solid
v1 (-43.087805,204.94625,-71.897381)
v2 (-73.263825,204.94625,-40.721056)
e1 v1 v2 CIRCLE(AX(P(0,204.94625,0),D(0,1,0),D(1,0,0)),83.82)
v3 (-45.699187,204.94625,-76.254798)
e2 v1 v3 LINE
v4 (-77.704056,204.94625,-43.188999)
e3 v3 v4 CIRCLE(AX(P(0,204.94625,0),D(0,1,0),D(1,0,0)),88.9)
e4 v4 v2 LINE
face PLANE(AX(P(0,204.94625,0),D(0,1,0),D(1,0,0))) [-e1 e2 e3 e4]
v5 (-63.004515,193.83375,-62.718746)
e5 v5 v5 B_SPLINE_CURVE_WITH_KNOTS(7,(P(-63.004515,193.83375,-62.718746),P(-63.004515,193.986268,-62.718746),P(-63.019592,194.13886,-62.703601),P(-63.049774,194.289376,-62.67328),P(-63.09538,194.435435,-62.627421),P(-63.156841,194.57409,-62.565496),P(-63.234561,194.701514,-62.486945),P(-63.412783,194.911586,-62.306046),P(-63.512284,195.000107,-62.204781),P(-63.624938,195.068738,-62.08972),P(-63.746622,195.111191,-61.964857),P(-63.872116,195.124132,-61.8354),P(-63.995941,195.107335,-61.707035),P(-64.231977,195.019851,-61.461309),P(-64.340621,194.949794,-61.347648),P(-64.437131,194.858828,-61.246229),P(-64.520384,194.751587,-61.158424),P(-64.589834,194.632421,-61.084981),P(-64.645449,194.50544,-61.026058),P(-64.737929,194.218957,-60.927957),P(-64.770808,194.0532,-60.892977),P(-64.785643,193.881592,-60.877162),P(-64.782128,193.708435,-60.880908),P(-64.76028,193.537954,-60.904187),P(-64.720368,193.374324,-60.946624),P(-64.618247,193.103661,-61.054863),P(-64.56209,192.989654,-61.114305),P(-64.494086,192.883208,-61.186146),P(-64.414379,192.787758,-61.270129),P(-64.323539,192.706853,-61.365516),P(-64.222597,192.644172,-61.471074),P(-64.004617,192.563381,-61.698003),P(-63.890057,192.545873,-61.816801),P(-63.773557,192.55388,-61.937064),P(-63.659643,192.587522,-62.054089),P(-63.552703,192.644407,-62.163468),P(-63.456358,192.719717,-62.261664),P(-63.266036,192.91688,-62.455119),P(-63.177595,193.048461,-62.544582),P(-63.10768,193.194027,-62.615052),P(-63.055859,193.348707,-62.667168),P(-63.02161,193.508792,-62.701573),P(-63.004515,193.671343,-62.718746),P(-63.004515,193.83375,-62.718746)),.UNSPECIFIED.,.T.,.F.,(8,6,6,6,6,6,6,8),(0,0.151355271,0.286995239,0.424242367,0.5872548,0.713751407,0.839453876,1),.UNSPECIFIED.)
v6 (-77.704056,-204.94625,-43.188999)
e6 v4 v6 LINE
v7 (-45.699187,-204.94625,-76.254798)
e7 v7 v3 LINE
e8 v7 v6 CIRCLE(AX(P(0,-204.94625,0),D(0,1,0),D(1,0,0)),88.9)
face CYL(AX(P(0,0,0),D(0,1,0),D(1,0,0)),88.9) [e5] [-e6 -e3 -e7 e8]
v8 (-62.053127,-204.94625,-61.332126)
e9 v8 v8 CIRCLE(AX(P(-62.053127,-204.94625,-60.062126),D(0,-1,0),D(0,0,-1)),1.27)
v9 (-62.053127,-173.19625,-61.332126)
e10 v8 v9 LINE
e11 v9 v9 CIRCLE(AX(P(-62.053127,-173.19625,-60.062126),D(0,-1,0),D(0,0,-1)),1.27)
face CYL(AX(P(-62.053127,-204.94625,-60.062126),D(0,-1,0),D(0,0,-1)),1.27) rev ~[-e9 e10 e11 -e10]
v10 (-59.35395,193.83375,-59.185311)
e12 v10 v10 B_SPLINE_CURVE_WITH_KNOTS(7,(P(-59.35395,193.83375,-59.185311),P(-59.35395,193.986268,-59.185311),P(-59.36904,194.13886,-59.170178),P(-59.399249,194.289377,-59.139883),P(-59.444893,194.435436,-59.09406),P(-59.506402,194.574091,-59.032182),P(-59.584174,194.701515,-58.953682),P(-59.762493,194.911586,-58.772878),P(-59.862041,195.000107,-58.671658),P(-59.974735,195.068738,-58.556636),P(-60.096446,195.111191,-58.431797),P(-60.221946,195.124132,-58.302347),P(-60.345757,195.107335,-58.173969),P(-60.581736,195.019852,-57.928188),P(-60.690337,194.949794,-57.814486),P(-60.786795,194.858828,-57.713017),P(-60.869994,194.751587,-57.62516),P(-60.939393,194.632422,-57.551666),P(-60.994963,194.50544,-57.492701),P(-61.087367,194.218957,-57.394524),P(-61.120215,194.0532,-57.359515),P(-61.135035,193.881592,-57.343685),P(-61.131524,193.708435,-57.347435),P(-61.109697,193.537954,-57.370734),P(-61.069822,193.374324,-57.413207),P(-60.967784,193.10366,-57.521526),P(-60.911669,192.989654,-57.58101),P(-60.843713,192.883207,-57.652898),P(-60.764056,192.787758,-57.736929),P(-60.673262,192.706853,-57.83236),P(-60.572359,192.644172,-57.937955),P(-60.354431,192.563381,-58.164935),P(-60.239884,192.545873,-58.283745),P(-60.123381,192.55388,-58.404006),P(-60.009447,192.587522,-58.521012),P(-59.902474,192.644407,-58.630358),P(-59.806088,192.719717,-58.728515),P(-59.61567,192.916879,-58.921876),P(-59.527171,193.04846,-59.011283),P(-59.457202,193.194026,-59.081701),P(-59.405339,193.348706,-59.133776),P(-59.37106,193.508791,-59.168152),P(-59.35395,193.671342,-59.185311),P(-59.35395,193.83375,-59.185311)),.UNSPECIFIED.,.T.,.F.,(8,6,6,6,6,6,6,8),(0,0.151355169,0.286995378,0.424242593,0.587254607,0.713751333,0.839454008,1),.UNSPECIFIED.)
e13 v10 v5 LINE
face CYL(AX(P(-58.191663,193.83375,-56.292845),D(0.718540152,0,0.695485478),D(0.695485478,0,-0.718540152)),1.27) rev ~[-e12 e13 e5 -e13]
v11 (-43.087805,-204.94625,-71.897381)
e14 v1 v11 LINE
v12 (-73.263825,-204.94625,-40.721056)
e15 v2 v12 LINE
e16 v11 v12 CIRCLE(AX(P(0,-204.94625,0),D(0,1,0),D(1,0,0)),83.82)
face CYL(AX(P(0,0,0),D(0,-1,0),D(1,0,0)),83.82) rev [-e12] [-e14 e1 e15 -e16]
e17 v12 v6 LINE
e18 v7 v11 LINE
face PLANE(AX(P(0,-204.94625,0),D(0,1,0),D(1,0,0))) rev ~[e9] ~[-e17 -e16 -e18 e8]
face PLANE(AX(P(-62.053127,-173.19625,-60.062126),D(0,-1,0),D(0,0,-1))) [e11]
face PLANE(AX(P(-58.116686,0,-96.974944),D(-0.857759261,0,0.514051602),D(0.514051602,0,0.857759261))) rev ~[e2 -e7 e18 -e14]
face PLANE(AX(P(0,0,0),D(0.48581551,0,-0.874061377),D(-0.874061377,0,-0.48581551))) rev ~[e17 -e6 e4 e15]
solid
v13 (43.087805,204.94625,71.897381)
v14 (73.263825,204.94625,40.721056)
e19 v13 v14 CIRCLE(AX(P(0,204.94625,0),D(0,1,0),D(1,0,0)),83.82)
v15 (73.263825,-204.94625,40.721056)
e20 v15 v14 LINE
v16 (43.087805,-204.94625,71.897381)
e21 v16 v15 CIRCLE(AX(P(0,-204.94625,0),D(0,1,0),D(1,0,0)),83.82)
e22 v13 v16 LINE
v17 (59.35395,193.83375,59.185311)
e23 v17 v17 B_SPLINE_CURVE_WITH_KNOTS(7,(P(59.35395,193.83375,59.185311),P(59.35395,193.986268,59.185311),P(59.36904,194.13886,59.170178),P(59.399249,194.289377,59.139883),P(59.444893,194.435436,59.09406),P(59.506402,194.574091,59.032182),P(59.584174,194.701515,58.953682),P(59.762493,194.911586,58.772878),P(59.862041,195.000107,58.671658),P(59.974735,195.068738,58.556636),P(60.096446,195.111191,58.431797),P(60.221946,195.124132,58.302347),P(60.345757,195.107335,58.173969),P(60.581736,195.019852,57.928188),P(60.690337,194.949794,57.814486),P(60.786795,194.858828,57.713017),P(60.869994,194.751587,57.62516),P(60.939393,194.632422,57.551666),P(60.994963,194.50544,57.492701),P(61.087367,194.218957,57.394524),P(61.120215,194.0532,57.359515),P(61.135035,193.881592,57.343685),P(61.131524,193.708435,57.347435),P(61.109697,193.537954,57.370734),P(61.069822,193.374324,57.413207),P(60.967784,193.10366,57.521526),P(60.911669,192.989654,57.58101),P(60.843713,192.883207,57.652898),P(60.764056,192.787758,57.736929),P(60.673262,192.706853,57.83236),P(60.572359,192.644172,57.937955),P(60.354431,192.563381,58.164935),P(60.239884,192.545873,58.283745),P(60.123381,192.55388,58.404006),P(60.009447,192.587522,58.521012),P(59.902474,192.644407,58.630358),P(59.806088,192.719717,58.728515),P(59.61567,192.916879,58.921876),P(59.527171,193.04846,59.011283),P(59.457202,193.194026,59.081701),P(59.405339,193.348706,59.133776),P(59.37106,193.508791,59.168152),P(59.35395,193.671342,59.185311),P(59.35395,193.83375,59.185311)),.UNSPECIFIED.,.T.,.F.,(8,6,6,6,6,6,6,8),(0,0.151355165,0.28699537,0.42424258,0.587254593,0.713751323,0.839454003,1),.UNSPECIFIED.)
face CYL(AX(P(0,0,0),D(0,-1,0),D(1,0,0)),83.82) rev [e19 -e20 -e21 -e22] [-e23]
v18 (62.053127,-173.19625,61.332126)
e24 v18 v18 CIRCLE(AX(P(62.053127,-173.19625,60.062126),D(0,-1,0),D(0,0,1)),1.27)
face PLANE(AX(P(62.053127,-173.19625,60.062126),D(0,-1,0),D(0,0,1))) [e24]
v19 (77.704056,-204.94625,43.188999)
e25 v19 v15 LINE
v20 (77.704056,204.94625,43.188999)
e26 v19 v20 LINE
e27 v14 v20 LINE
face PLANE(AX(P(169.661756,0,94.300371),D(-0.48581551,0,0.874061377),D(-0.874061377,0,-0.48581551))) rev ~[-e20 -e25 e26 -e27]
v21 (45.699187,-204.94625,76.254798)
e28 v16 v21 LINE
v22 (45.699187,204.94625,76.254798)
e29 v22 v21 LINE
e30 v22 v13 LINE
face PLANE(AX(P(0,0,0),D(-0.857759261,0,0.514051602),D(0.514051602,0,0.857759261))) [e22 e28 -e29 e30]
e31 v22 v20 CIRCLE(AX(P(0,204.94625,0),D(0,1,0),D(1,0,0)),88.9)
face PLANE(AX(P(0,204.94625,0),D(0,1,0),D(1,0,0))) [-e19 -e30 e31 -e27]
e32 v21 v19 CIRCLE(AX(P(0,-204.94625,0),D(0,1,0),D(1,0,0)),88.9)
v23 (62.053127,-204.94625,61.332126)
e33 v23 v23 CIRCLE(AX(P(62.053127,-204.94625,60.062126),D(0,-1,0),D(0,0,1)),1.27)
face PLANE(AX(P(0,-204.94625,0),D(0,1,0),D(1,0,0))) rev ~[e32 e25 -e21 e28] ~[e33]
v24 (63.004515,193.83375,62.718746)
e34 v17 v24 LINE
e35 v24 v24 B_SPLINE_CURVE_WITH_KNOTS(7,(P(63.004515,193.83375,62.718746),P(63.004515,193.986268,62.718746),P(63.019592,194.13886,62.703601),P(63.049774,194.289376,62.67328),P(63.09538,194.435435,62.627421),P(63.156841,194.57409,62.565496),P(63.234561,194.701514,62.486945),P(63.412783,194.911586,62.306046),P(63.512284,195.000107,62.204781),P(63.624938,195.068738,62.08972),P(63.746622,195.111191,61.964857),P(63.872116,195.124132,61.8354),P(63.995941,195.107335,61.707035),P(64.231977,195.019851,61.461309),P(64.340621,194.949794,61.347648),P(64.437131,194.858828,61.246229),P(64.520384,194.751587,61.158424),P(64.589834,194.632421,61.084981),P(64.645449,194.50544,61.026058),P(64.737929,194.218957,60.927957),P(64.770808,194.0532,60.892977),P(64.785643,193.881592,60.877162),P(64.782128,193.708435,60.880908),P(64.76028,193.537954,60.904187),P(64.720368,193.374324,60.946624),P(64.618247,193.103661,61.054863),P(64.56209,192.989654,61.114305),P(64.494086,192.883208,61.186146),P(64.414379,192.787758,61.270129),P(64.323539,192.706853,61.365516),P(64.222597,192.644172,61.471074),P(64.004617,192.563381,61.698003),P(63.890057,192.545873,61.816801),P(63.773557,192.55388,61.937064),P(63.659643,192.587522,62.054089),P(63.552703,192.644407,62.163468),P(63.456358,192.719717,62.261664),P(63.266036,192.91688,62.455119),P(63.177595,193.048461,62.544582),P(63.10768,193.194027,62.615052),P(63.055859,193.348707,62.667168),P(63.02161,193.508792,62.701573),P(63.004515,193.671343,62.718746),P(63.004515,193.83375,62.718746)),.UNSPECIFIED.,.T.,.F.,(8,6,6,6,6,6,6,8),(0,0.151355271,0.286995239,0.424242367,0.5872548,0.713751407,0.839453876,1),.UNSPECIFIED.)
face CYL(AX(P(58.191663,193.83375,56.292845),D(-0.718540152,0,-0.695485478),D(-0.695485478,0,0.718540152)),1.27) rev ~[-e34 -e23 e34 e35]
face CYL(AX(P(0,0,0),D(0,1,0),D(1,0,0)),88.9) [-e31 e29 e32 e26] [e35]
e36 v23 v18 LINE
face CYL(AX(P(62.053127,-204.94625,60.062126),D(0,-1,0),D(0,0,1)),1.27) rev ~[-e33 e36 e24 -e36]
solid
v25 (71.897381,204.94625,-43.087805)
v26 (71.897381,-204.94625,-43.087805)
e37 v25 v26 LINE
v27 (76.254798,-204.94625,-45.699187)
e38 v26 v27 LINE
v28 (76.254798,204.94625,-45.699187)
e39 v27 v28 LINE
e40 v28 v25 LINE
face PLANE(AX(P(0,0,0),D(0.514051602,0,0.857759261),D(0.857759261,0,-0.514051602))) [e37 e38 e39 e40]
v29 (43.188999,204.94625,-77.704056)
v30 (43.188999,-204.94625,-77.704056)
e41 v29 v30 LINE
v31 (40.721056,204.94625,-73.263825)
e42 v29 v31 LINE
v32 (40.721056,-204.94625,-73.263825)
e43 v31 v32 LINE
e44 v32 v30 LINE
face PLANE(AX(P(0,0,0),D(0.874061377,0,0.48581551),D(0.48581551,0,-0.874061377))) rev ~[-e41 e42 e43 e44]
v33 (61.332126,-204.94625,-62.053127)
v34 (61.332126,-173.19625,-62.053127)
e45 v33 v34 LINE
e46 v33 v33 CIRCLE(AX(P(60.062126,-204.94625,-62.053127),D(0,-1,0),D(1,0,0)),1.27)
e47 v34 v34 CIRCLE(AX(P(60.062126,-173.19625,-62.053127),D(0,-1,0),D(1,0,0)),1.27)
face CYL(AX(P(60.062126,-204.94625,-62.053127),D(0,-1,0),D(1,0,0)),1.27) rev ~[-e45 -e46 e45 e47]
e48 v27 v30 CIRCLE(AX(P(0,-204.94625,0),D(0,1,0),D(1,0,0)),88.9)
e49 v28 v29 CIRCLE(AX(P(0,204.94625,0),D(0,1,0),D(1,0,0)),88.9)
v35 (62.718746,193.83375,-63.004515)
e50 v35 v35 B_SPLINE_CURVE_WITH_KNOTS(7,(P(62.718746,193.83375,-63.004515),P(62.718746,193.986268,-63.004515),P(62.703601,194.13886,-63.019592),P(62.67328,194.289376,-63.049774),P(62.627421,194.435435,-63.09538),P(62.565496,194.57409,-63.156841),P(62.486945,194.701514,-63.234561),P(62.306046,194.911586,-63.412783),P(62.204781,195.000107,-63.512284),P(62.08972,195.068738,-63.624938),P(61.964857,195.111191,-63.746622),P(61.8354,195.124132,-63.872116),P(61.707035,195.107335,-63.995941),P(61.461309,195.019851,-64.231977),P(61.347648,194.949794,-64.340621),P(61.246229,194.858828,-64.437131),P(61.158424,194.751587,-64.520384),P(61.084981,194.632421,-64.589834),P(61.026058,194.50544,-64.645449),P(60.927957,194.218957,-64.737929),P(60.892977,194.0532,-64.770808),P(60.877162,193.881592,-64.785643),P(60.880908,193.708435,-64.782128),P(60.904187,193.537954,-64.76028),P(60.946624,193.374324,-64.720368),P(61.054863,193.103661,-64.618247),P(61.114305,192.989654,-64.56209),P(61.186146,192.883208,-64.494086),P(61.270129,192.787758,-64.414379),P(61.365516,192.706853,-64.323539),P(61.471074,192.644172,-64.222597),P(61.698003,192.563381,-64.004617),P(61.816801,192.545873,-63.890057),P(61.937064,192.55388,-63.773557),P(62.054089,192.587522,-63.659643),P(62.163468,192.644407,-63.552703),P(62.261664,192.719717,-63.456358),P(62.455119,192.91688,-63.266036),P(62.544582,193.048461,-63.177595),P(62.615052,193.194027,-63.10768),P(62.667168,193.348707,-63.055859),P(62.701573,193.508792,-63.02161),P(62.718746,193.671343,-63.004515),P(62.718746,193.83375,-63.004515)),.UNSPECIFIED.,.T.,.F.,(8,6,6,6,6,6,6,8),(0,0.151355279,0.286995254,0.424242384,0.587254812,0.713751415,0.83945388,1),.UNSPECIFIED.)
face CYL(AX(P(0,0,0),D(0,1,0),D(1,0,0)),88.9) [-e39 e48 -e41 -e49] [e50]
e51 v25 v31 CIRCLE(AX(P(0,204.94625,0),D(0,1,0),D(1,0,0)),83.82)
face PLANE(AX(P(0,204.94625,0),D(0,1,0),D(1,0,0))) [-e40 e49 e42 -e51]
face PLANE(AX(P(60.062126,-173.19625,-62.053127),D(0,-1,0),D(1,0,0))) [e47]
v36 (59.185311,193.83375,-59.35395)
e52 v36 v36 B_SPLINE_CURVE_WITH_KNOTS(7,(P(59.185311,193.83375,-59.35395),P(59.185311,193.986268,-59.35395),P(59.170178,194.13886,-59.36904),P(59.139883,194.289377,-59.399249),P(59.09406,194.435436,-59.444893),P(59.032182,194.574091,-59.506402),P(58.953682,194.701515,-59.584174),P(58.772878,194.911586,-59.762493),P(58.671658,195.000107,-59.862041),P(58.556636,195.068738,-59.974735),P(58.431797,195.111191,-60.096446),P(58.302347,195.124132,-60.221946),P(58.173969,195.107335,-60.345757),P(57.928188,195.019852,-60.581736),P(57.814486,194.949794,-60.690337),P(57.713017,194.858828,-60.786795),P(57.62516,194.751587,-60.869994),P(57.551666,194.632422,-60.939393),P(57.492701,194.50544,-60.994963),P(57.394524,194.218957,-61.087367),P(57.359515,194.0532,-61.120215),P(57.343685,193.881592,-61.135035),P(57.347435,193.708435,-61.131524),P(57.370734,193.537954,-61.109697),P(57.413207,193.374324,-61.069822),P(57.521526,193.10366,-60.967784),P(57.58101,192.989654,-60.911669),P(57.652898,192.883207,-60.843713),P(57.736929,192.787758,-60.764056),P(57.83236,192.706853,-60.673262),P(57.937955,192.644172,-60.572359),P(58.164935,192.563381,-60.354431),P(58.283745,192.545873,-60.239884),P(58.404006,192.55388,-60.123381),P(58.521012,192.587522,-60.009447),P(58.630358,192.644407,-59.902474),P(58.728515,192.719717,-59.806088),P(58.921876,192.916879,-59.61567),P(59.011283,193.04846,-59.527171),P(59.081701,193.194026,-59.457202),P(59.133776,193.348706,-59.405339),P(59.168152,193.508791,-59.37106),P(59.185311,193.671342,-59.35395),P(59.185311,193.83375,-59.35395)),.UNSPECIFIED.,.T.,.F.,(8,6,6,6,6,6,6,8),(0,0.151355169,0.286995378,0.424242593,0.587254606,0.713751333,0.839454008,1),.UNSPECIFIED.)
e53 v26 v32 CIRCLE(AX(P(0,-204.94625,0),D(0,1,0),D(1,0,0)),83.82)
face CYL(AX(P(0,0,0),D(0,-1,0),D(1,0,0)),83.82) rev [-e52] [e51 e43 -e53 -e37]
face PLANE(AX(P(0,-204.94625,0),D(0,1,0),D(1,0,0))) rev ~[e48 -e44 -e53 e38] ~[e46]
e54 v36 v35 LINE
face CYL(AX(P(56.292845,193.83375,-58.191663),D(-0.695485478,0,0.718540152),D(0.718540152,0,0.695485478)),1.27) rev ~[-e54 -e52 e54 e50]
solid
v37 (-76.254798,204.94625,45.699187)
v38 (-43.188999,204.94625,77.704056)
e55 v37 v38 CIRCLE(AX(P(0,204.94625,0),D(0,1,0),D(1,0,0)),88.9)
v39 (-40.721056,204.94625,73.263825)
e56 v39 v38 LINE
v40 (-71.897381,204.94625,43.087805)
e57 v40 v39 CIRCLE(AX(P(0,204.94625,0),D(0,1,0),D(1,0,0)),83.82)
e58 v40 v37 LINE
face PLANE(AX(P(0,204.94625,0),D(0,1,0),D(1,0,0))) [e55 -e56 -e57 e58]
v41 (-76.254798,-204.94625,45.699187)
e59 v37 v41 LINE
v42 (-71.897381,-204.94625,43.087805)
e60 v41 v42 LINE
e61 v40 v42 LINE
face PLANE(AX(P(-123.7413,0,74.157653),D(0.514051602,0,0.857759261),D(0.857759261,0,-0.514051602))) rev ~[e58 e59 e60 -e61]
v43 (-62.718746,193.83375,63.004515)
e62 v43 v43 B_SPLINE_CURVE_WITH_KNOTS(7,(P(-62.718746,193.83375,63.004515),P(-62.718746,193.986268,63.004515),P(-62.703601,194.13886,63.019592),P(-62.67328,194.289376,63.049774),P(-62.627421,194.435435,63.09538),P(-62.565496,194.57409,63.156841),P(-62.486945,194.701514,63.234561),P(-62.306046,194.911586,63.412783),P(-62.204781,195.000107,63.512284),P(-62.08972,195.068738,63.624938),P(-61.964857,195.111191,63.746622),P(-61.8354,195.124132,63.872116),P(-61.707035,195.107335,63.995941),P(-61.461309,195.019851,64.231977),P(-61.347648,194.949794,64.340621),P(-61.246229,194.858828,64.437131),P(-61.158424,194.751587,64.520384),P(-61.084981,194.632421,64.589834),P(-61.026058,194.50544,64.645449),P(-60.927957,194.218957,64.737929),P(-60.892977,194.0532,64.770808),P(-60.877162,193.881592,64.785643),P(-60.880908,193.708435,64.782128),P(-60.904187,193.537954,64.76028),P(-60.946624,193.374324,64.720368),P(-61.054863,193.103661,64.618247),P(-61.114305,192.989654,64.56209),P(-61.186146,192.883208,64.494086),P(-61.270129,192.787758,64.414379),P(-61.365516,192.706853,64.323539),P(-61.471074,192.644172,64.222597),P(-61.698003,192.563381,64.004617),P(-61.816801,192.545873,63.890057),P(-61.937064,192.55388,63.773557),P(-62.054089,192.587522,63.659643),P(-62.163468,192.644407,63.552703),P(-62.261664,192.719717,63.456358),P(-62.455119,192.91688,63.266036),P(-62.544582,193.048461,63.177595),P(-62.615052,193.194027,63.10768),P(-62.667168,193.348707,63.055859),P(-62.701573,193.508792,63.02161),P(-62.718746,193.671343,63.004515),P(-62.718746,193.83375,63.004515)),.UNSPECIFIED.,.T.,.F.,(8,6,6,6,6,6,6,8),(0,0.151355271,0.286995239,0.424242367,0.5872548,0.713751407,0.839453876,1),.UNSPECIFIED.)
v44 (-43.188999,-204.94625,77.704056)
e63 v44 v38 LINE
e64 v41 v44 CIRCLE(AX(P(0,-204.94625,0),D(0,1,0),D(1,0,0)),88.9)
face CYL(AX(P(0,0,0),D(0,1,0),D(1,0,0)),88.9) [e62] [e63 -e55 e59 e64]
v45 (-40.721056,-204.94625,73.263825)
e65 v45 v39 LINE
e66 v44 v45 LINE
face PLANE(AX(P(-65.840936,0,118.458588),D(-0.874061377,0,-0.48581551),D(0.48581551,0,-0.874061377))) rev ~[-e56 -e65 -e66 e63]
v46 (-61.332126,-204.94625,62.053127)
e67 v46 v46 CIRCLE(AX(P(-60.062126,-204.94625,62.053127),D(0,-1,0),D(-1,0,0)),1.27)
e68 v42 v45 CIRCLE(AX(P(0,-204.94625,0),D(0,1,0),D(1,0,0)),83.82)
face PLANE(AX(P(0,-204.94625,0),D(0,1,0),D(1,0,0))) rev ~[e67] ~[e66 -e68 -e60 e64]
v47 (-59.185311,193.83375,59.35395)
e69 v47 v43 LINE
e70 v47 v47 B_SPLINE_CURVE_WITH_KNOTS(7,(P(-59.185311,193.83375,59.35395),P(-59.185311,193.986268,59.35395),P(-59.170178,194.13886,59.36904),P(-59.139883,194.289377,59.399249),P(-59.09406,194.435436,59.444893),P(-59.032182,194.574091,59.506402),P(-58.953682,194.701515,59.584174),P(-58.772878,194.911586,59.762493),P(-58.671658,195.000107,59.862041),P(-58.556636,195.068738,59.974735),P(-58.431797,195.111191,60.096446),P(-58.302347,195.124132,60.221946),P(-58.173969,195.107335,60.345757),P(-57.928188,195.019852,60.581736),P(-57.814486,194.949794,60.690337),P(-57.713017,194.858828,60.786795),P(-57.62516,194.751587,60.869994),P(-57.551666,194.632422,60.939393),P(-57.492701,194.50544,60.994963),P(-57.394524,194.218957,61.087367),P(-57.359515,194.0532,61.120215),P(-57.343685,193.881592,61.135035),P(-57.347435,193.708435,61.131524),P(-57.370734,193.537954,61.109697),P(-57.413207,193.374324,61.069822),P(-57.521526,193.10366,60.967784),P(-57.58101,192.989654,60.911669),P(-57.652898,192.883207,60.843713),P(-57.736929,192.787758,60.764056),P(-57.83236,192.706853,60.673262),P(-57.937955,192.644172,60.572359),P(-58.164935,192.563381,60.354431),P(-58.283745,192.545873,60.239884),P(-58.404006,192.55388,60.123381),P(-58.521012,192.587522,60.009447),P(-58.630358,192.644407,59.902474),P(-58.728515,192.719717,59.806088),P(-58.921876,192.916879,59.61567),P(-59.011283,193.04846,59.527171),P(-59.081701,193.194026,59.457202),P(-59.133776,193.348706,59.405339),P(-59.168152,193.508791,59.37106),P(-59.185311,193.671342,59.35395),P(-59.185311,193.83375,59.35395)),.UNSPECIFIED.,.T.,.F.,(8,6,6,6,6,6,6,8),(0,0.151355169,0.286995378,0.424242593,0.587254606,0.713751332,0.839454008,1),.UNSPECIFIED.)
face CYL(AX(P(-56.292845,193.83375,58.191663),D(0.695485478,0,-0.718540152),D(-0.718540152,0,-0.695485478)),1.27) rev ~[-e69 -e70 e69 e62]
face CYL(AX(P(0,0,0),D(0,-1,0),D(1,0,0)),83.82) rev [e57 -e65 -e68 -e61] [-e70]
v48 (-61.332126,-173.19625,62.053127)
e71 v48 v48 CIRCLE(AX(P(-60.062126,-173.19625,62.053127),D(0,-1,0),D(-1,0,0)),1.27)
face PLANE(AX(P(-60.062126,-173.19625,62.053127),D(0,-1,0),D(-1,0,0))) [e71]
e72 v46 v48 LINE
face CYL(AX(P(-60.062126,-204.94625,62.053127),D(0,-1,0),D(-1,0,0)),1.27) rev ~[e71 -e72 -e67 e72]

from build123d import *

# Parameters (mm, degrees)
SKETCH2_R               = 88.9
SKETCH2_R_2             = 83.82
BOSS_EXTRUDE1_DEPTH     = 204.94625
CUT_EXTRUDE1_DEPTH      = 205.94625
CUT_EXTRUDE1_DEPTH_BACK = 205.94625
SKETCH5_R               = 1.27
TOP_BOLT_HOLES_DEPTH    = 29.911624556
SKETCH6_R               = 1.27
BOTTOM_BOLT_HOLES_DEPTH = 31.75
BOLT_PATTERN_COUNT      = 4


with BuildPart() as part:
    # Sketch2 → Boss-Extrude1 (new body, symmetric)
    with BuildSketch(Plane(origin=(0, 0, 0), x_dir=(1, 0, 0), z_dir=(0, 1, 0))):
        Circle(SKETCH2_R)
        Circle(SKETCH2_R_2, mode=Mode.SUBTRACT)
    extrude(amount=BOSS_EXTRUDE1_DEPTH, both=True)

    # Sketch3 → Cut-Extrude1 (cut, two sides)
    with BuildSketch(Plane(origin=(0, 0, 0), x_dir=(1, 0, 0), z_dir=(0, 1, 0))) as cut_extrude1_sk:
        Polygon((169.661755759, -94.300371224), (0, 0), (169.661755759, 101.677593364), align=None)
        Polygon((0, 0), (53.900027233, 96.974944394), (-58.116685864, 96.974944394), align=None)
        Polygon((-123.741299607, 68.777140945), (-123.741299607, -74.157652604), (0, 0), align=None)
        Polygon((-65.840936026, -118.45858783), (0, 0), (70.991745134, -118.45858783), align=None)
    extrude(amount=CUT_EXTRUDE1_DEPTH, mode=Mode.SUBTRACT)
    extrude(cut_extrude1_sk.sketch, amount=-CUT_EXTRUDE1_DEPTH_BACK, mode=Mode.SUBTRACT)

    # Sketch5 → Top bolt holes (cut, through all)
    with BuildSketch(Plane(origin=(-56.309218645, 0, 58.175814955), x_dir=(-0.718540152, 0, -0.695485478), z_dir=(0.695485478, 0, -0.718540152))):
        with Locations((-0.02278764, 193.83375)):
            Circle(SKETCH5_R)
    top_bolt_holes = extrude(amount=-TOP_BOLT_HOLES_DEPTH, mode=Mode.SUBTRACT)

    # Sketch6 → Bottom bolt holes (cut)
    with BuildSketch(Plane(origin=(0, -204.94625, 0), x_dir=(-1, 0, 0), z_dir=(0, -1, 0))):
        with Locations((60.062125915, -62.053127484)):
            Circle(SKETCH6_R)
    bottom_bolt_holes = extrude(amount=-BOTTOM_BOLT_HOLES_DEPTH, mode=Mode.SUBTRACT)

    # Bolt pattern: Top bolt holes, Bottom bolt holes ×4 about axis
    bolt_pattern_axis = Axis((0, 0, 0), (0, 1, 0))
    for i in range(1, BOLT_PATTERN_COUNT):
        add(top_bolt_holes.rotate(bolt_pattern_axis, i * 360 / BOLT_PATTERN_COUNT), mode=Mode.SUBTRACT)
        add(bottom_bolt_holes.rotate(bolt_pattern_axis, i * 360 / BOLT_PATTERN_COUNT), mode=Mode.SUBTRACT)


solid = part.part
